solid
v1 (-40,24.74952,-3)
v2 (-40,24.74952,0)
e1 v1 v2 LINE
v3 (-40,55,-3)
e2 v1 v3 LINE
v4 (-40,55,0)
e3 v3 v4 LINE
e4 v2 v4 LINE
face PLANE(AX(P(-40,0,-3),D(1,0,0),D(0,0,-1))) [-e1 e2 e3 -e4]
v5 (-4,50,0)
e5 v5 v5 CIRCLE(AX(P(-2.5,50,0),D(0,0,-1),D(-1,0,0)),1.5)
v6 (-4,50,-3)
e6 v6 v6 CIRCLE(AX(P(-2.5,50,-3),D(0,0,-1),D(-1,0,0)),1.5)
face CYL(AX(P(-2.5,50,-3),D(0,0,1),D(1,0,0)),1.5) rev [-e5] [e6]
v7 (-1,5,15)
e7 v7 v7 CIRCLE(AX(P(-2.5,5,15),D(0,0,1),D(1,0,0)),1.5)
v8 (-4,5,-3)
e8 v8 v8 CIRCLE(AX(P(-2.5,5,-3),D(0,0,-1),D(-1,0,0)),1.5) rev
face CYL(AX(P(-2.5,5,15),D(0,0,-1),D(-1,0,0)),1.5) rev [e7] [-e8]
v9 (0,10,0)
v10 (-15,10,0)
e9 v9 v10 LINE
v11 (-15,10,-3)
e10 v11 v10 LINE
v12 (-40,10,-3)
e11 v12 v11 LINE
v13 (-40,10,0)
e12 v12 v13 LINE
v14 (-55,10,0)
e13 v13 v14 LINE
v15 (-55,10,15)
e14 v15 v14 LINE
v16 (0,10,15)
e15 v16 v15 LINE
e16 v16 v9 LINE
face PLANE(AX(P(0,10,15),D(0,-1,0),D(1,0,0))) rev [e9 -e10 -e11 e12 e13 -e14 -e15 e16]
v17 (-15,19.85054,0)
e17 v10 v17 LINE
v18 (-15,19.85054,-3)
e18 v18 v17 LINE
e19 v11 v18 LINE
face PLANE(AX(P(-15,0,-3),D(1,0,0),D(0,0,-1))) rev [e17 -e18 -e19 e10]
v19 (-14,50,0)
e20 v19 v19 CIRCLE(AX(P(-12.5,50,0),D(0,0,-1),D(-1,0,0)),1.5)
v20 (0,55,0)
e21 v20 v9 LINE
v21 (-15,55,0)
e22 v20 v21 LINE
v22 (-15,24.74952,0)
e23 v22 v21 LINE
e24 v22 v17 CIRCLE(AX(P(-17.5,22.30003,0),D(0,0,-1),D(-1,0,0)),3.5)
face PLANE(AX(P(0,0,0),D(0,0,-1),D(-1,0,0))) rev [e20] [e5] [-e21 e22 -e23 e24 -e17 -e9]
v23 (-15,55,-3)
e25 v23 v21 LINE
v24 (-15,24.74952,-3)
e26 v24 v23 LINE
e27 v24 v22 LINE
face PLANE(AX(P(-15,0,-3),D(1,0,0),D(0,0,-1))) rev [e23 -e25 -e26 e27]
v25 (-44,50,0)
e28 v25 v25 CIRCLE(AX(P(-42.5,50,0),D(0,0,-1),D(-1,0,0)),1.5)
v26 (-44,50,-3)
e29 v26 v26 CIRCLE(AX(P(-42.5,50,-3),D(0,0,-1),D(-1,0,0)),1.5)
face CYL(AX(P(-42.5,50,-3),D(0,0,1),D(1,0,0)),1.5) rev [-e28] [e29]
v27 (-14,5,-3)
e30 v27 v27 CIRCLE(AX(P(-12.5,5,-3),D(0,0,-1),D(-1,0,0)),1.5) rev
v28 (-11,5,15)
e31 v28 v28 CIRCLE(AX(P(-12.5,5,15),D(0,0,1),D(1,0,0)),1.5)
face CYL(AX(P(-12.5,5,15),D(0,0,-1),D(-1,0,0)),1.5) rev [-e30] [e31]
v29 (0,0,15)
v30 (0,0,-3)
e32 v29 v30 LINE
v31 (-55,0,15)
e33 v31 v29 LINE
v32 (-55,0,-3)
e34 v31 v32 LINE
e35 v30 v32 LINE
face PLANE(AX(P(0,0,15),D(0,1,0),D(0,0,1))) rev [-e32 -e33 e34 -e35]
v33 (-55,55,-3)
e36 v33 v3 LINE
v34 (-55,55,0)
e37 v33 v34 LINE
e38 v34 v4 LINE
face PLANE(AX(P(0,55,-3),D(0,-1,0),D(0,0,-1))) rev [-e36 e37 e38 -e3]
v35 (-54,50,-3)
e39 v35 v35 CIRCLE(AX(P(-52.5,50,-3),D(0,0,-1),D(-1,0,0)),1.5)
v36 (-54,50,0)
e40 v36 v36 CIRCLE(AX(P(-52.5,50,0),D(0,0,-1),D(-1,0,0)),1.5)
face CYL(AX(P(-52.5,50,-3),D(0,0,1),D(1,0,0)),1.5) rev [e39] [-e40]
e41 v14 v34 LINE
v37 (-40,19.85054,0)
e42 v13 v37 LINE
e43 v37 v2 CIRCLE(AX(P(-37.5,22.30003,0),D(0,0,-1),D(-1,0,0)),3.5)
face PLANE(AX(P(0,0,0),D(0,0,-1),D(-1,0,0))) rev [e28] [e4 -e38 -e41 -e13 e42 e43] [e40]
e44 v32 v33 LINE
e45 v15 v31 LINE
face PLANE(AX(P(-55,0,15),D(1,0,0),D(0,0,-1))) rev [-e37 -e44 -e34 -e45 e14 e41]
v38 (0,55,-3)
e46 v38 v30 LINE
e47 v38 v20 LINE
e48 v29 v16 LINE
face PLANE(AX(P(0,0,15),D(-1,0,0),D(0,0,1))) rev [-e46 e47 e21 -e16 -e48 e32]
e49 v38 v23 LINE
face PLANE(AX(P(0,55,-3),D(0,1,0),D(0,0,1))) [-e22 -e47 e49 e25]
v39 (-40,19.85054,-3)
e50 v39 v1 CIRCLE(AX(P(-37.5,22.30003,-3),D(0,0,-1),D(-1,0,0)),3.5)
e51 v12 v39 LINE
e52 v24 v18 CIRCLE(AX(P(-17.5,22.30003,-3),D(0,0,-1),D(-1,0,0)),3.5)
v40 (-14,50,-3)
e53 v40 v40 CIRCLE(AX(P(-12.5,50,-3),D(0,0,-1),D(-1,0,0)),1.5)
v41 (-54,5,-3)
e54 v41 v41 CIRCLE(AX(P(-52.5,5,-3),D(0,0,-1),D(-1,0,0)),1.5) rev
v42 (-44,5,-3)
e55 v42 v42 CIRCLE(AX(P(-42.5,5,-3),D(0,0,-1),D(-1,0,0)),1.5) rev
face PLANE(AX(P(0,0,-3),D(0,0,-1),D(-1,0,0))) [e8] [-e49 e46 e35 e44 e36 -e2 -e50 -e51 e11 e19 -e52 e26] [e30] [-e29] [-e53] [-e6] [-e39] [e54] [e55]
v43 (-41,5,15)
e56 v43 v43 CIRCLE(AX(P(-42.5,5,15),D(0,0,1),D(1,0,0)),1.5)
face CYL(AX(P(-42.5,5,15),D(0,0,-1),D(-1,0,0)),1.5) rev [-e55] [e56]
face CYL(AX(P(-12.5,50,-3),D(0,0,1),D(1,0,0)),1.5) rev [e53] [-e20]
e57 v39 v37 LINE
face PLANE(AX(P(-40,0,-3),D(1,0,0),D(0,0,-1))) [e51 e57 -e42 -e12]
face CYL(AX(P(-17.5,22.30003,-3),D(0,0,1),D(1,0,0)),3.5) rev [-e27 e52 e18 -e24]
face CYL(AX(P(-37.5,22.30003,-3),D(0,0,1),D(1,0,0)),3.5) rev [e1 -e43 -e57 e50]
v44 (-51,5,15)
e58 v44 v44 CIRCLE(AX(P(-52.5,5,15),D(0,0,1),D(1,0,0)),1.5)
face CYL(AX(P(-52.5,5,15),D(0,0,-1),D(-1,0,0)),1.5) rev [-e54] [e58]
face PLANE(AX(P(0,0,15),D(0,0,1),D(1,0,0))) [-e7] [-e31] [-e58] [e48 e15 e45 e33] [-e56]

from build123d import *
from build123d.topology import SkipClean

# Parameters (mm, degrees)
SKETCH1_W           = 55
SKETCH1_H           = 10
SKETCH1_R           = 1.5
BOSS_EXTRUDE1_DEPTH = 15
BOSS_EXTRUDE2_START = 3
SKETCH2_W           = 25
SKETCH2_H           = 10
SKETCH2_R           = 1.5
SKETCH2_W_2         = 15
BOSS_EXTRUDE2_DEPTH = 3


with BuildPart() as part:
    # Sketch1 → Boss-Extrude1 (new body)
    with BuildSketch(Plane.XY):
        with Locations((-27.5, 5)):
            Rectangle(SKETCH1_W, SKETCH1_H)
        with Locations((-2.5, 5)):
            Circle(SKETCH1_R, mode=Mode.SUBTRACT)
        with Locations((-12.5, 5)):
            Circle(SKETCH1_R, mode=Mode.SUBTRACT)
        with Locations((-42.5, 5)):
            Circle(SKETCH1_R, mode=Mode.SUBTRACT)
        with Locations((-52.5, 5)):
            Circle(SKETCH1_R, mode=Mode.SUBTRACT)
    extrude(amount=BOSS_EXTRUDE1_DEPTH)

    # Sketch2 → Boss-Extrude2 (add)
    # profile 1 of 5: a face of its own
    with SkipClean():  # the faces are left unmerged after this step: merging them gives an invalid solid
        with BuildSketch(Plane(origin=(0, 0, 0), x_dir=(-1, 0, 0), z_dir=(0, 0, -1)).offset(BOSS_EXTRUDE2_START)):
            with Locations((27.5, 5)):
                Rectangle(SKETCH2_W, SKETCH2_H)
        # profile 2 of 5: a face of its own
        with BuildSketch(Plane(origin=(0, 0, 0), x_dir=(-1, 0, 0), z_dir=(0, 0, -1)).offset(BOSS_EXTRUDE2_START)):
            with BuildLine():
                Line((0, 55), (0, 10))
                Line((0, 10), (15, 10))
                Line((15, 10), (15, 19.850540474))
                ThreePointArc((15, 19.850540474), (14, 22.300030217), (15, 24.74951996))
                Line((15, 24.74951996), (15, 55))
                Line((15, 55), (0, 55))
            make_face()
            with Locations((2.5, 50)):
                Circle(SKETCH2_R, mode=Mode.SUBTRACT)
            with Locations((12.5, 50)):
                Circle(SKETCH2_R, mode=Mode.SUBTRACT)
        # profile 3 of 5: a face of its own
        with BuildSketch(Plane(origin=(0, 0, 0), x_dir=(-1, 0, 0), z_dir=(0, 0, -1)).offset(BOSS_EXTRUDE2_START)):
            with Locations((7.5, 5)):
                Rectangle(SKETCH2_W_2, SKETCH2_H)
            with Locations((2.5, 5)):
                Circle(SKETCH2_R, mode=Mode.SUBTRACT)
            with Locations((12.5, 5)):
                Circle(SKETCH2_R, mode=Mode.SUBTRACT)
        # profile 4 of 5: a face of its own
        with BuildSketch(Plane(origin=(0, 0, 0), x_dir=(-1, 0, 0), z_dir=(0, 0, -1)).offset(BOSS_EXTRUDE2_START)):
            with Locations((47.5, 5)):
                Rectangle(SKETCH2_W_2, SKETCH2_H)
            with Locations((42.5, 5)):
                Circle(SKETCH2_R, mode=Mode.SUBTRACT)
            with Locations((52.5, 5)):
                Circle(SKETCH2_R, mode=Mode.SUBTRACT)
        # profile 5 of 5: a face of its own
        with BuildSketch(Plane(origin=(0, 0, 0), x_dir=(-1, 0, 0), z_dir=(0, 0, -1)).offset(BOSS_EXTRUDE2_START)):
            with BuildLine():
                Line((40, 19.850540474), (40, 10))
                Line((40, 10), (55, 10))
                Line((55, 10), (55, 55))
                Line((55, 55), (40, 55))
                Line((40, 55), (40, 24.74951996))
                ThreePointArc((40, 24.74951996), (40.740370349, 23.622905872), (41, 22.300030217))
                ThreePointArc((41, 22.300030217), (40.740370349, 20.977154561), (40, 19.850540474))
            make_face()
            with Locations((42.5, 50)):
                Circle(SKETCH2_R, mode=Mode.SUBTRACT)
            with Locations((52.5, 50)):
                Circle(SKETCH2_R, mode=Mode.SUBTRACT)
        extrude(amount=-BOSS_EXTRUDE2_DEPTH)


solid = part.part
